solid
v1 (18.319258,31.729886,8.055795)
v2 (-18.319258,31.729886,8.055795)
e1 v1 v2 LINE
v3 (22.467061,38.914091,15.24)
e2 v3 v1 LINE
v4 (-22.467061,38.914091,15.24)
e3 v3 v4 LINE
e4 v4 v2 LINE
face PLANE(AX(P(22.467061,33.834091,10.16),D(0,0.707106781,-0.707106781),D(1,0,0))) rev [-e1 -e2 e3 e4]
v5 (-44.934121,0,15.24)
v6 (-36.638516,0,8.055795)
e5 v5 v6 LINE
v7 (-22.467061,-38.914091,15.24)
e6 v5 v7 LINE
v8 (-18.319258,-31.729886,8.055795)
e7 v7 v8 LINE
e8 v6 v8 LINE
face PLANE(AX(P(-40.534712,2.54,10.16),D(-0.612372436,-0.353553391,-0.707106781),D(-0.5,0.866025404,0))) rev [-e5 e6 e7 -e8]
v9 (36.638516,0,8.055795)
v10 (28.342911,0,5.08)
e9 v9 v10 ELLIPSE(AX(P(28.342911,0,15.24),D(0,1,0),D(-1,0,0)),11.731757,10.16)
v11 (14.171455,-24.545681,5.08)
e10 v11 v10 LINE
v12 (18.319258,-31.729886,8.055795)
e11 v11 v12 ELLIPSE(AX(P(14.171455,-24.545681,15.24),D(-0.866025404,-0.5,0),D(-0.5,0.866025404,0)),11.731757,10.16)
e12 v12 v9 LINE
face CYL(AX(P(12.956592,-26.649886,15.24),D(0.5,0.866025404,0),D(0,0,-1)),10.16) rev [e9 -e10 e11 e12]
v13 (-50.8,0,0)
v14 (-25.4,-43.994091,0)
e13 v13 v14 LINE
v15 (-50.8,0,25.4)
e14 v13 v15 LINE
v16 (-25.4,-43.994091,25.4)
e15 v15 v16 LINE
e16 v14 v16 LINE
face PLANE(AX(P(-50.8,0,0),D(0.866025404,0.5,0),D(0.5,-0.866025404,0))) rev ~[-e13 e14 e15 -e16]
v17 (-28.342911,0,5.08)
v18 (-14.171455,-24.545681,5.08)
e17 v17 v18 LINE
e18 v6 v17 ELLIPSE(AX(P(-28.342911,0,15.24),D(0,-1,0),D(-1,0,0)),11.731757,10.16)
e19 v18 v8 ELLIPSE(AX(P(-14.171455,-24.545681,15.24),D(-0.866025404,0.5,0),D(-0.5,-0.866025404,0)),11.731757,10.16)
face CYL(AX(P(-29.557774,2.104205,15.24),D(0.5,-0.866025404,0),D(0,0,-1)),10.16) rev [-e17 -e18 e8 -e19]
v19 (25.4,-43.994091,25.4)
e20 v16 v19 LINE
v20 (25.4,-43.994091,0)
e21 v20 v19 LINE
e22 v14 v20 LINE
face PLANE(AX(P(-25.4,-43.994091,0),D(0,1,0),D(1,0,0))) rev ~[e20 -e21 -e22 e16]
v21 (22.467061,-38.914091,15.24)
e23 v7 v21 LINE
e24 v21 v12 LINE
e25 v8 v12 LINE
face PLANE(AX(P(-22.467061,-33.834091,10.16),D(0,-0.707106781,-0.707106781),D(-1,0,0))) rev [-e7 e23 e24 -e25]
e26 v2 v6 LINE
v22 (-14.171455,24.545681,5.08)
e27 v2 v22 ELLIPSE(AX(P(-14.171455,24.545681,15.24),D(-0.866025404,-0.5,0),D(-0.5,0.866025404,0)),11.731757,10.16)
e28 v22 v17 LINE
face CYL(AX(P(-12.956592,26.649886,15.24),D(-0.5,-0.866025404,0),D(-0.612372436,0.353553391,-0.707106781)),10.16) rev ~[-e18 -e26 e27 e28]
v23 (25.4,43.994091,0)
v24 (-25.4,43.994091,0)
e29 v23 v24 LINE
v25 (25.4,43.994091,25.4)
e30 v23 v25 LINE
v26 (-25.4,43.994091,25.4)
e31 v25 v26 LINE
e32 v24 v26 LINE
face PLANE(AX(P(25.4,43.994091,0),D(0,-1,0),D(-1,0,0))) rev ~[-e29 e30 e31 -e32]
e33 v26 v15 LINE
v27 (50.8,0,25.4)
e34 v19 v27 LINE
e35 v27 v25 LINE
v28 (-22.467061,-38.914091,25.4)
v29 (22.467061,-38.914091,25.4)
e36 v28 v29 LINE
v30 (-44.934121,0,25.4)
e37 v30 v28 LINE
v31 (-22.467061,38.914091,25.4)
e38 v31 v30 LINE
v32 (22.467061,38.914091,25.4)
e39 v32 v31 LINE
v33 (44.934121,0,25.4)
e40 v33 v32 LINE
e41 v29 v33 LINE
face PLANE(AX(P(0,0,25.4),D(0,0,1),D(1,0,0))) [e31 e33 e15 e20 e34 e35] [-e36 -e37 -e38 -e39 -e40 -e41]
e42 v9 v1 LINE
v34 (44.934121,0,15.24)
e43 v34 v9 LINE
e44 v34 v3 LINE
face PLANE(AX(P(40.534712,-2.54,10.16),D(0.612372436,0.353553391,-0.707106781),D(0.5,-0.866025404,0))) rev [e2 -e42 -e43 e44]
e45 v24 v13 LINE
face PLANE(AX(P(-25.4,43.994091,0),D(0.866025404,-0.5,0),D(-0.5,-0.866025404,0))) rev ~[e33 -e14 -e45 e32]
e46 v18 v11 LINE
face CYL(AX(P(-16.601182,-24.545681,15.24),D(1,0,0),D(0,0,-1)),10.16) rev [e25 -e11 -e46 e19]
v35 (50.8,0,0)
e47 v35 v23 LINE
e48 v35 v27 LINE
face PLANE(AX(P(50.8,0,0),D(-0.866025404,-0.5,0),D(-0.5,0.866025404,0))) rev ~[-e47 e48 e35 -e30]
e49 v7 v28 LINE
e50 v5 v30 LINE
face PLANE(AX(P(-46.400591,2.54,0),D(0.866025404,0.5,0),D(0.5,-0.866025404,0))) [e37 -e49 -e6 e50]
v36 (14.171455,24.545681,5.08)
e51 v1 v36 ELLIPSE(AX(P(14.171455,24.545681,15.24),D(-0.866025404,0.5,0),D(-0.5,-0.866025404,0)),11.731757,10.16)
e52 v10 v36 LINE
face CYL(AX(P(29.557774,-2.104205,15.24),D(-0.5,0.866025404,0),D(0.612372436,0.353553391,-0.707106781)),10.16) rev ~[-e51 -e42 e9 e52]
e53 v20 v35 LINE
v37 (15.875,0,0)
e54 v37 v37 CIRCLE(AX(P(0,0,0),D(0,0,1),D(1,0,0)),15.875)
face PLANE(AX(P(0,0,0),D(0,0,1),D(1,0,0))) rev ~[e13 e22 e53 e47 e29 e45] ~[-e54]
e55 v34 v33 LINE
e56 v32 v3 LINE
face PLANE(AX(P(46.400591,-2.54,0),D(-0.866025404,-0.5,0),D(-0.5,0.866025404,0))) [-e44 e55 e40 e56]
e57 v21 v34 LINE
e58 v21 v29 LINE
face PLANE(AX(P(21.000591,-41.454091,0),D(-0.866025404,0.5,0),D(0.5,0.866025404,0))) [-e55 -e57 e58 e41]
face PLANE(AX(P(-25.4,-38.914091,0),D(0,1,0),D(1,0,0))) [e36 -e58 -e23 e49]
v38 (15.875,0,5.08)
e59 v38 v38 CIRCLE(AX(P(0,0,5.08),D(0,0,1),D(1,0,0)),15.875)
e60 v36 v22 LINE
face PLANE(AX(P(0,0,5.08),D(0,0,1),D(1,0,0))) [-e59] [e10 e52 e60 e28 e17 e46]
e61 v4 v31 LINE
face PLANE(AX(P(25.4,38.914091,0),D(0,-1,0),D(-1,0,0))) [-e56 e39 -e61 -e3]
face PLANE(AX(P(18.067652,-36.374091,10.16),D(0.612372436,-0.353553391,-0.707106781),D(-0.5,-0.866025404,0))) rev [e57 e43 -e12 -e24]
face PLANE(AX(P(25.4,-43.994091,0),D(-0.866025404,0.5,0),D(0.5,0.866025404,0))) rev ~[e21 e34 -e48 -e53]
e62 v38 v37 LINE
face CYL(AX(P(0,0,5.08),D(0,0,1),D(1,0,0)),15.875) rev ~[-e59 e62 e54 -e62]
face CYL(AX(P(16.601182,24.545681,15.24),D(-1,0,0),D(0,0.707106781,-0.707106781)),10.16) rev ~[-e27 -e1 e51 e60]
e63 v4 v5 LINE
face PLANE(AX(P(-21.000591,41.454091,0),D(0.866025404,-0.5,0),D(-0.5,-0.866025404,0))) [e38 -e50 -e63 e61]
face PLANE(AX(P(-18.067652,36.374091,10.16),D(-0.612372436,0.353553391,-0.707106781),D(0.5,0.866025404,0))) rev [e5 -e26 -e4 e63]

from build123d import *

# Parameters (mm, degrees)
F1_DEPTH = 25.4
F2_T     = -5.08
F3_SIZE  = 10.16
F4_R     = 10.16
F5_R     = 15.875
F6_DEPTH = 25.4


with BuildPart() as f1:
    # F0 (on Top) → F1 (new body)
    with BuildSketch(Plane.XY):
        Polygon((25.4, 43.9940905122), (-25.4, 43.9940905122), (-50.8, 0), (-25.4, -43.9940905122), (25.4, -43.9940905122), (50.8, 0), align=None)
    extrude(amount=F1_DEPTH)

    # F2
    f2_openings = [f1.faces().sort_by_distance(p)[0] for p in [
        (0, 0, 25.4),
    ]]
    offset(amount=F2_T, openings=f2_openings)

    # F3
    f3_edges = [f1.edges().sort_by_distance(p)[0] for p in [
        (0, 38.914091, 5.08),
        (33.700591, 19.457045, 5.08),
        (-33.700591, 19.457045, 5.08),
        (-33.700591, -19.457045, 5.08),
        (0, -38.914091, 5.08),
        (33.700591, -19.457045, 5.08),
    ]]
    chamfer(f3_edges, length=F3_SIZE)

    # F4
    f4_edges = [f1.edges().sort_by_distance(p)[0] for p in [
        (0, 28.754091, 5.08),
        (24.901773, 14.377045, 5.08),
        (-24.901773, 14.377045, 5.08),
        (24.901773, -14.377045, 5.08),
        (-24.901773, -14.377045, 5.08),
        (0, -28.754091, 5.08),
    ]]
    fillet(f4_edges, radius=F4_R)

    # F5 (on face) → F6 (cut)
    with BuildSketch(Plane.XY.offset(5.08)):
        Circle(F5_R)
    extrude(amount=-F6_DEPTH, mode=Mode.SUBTRACT)


solid = f1.part
